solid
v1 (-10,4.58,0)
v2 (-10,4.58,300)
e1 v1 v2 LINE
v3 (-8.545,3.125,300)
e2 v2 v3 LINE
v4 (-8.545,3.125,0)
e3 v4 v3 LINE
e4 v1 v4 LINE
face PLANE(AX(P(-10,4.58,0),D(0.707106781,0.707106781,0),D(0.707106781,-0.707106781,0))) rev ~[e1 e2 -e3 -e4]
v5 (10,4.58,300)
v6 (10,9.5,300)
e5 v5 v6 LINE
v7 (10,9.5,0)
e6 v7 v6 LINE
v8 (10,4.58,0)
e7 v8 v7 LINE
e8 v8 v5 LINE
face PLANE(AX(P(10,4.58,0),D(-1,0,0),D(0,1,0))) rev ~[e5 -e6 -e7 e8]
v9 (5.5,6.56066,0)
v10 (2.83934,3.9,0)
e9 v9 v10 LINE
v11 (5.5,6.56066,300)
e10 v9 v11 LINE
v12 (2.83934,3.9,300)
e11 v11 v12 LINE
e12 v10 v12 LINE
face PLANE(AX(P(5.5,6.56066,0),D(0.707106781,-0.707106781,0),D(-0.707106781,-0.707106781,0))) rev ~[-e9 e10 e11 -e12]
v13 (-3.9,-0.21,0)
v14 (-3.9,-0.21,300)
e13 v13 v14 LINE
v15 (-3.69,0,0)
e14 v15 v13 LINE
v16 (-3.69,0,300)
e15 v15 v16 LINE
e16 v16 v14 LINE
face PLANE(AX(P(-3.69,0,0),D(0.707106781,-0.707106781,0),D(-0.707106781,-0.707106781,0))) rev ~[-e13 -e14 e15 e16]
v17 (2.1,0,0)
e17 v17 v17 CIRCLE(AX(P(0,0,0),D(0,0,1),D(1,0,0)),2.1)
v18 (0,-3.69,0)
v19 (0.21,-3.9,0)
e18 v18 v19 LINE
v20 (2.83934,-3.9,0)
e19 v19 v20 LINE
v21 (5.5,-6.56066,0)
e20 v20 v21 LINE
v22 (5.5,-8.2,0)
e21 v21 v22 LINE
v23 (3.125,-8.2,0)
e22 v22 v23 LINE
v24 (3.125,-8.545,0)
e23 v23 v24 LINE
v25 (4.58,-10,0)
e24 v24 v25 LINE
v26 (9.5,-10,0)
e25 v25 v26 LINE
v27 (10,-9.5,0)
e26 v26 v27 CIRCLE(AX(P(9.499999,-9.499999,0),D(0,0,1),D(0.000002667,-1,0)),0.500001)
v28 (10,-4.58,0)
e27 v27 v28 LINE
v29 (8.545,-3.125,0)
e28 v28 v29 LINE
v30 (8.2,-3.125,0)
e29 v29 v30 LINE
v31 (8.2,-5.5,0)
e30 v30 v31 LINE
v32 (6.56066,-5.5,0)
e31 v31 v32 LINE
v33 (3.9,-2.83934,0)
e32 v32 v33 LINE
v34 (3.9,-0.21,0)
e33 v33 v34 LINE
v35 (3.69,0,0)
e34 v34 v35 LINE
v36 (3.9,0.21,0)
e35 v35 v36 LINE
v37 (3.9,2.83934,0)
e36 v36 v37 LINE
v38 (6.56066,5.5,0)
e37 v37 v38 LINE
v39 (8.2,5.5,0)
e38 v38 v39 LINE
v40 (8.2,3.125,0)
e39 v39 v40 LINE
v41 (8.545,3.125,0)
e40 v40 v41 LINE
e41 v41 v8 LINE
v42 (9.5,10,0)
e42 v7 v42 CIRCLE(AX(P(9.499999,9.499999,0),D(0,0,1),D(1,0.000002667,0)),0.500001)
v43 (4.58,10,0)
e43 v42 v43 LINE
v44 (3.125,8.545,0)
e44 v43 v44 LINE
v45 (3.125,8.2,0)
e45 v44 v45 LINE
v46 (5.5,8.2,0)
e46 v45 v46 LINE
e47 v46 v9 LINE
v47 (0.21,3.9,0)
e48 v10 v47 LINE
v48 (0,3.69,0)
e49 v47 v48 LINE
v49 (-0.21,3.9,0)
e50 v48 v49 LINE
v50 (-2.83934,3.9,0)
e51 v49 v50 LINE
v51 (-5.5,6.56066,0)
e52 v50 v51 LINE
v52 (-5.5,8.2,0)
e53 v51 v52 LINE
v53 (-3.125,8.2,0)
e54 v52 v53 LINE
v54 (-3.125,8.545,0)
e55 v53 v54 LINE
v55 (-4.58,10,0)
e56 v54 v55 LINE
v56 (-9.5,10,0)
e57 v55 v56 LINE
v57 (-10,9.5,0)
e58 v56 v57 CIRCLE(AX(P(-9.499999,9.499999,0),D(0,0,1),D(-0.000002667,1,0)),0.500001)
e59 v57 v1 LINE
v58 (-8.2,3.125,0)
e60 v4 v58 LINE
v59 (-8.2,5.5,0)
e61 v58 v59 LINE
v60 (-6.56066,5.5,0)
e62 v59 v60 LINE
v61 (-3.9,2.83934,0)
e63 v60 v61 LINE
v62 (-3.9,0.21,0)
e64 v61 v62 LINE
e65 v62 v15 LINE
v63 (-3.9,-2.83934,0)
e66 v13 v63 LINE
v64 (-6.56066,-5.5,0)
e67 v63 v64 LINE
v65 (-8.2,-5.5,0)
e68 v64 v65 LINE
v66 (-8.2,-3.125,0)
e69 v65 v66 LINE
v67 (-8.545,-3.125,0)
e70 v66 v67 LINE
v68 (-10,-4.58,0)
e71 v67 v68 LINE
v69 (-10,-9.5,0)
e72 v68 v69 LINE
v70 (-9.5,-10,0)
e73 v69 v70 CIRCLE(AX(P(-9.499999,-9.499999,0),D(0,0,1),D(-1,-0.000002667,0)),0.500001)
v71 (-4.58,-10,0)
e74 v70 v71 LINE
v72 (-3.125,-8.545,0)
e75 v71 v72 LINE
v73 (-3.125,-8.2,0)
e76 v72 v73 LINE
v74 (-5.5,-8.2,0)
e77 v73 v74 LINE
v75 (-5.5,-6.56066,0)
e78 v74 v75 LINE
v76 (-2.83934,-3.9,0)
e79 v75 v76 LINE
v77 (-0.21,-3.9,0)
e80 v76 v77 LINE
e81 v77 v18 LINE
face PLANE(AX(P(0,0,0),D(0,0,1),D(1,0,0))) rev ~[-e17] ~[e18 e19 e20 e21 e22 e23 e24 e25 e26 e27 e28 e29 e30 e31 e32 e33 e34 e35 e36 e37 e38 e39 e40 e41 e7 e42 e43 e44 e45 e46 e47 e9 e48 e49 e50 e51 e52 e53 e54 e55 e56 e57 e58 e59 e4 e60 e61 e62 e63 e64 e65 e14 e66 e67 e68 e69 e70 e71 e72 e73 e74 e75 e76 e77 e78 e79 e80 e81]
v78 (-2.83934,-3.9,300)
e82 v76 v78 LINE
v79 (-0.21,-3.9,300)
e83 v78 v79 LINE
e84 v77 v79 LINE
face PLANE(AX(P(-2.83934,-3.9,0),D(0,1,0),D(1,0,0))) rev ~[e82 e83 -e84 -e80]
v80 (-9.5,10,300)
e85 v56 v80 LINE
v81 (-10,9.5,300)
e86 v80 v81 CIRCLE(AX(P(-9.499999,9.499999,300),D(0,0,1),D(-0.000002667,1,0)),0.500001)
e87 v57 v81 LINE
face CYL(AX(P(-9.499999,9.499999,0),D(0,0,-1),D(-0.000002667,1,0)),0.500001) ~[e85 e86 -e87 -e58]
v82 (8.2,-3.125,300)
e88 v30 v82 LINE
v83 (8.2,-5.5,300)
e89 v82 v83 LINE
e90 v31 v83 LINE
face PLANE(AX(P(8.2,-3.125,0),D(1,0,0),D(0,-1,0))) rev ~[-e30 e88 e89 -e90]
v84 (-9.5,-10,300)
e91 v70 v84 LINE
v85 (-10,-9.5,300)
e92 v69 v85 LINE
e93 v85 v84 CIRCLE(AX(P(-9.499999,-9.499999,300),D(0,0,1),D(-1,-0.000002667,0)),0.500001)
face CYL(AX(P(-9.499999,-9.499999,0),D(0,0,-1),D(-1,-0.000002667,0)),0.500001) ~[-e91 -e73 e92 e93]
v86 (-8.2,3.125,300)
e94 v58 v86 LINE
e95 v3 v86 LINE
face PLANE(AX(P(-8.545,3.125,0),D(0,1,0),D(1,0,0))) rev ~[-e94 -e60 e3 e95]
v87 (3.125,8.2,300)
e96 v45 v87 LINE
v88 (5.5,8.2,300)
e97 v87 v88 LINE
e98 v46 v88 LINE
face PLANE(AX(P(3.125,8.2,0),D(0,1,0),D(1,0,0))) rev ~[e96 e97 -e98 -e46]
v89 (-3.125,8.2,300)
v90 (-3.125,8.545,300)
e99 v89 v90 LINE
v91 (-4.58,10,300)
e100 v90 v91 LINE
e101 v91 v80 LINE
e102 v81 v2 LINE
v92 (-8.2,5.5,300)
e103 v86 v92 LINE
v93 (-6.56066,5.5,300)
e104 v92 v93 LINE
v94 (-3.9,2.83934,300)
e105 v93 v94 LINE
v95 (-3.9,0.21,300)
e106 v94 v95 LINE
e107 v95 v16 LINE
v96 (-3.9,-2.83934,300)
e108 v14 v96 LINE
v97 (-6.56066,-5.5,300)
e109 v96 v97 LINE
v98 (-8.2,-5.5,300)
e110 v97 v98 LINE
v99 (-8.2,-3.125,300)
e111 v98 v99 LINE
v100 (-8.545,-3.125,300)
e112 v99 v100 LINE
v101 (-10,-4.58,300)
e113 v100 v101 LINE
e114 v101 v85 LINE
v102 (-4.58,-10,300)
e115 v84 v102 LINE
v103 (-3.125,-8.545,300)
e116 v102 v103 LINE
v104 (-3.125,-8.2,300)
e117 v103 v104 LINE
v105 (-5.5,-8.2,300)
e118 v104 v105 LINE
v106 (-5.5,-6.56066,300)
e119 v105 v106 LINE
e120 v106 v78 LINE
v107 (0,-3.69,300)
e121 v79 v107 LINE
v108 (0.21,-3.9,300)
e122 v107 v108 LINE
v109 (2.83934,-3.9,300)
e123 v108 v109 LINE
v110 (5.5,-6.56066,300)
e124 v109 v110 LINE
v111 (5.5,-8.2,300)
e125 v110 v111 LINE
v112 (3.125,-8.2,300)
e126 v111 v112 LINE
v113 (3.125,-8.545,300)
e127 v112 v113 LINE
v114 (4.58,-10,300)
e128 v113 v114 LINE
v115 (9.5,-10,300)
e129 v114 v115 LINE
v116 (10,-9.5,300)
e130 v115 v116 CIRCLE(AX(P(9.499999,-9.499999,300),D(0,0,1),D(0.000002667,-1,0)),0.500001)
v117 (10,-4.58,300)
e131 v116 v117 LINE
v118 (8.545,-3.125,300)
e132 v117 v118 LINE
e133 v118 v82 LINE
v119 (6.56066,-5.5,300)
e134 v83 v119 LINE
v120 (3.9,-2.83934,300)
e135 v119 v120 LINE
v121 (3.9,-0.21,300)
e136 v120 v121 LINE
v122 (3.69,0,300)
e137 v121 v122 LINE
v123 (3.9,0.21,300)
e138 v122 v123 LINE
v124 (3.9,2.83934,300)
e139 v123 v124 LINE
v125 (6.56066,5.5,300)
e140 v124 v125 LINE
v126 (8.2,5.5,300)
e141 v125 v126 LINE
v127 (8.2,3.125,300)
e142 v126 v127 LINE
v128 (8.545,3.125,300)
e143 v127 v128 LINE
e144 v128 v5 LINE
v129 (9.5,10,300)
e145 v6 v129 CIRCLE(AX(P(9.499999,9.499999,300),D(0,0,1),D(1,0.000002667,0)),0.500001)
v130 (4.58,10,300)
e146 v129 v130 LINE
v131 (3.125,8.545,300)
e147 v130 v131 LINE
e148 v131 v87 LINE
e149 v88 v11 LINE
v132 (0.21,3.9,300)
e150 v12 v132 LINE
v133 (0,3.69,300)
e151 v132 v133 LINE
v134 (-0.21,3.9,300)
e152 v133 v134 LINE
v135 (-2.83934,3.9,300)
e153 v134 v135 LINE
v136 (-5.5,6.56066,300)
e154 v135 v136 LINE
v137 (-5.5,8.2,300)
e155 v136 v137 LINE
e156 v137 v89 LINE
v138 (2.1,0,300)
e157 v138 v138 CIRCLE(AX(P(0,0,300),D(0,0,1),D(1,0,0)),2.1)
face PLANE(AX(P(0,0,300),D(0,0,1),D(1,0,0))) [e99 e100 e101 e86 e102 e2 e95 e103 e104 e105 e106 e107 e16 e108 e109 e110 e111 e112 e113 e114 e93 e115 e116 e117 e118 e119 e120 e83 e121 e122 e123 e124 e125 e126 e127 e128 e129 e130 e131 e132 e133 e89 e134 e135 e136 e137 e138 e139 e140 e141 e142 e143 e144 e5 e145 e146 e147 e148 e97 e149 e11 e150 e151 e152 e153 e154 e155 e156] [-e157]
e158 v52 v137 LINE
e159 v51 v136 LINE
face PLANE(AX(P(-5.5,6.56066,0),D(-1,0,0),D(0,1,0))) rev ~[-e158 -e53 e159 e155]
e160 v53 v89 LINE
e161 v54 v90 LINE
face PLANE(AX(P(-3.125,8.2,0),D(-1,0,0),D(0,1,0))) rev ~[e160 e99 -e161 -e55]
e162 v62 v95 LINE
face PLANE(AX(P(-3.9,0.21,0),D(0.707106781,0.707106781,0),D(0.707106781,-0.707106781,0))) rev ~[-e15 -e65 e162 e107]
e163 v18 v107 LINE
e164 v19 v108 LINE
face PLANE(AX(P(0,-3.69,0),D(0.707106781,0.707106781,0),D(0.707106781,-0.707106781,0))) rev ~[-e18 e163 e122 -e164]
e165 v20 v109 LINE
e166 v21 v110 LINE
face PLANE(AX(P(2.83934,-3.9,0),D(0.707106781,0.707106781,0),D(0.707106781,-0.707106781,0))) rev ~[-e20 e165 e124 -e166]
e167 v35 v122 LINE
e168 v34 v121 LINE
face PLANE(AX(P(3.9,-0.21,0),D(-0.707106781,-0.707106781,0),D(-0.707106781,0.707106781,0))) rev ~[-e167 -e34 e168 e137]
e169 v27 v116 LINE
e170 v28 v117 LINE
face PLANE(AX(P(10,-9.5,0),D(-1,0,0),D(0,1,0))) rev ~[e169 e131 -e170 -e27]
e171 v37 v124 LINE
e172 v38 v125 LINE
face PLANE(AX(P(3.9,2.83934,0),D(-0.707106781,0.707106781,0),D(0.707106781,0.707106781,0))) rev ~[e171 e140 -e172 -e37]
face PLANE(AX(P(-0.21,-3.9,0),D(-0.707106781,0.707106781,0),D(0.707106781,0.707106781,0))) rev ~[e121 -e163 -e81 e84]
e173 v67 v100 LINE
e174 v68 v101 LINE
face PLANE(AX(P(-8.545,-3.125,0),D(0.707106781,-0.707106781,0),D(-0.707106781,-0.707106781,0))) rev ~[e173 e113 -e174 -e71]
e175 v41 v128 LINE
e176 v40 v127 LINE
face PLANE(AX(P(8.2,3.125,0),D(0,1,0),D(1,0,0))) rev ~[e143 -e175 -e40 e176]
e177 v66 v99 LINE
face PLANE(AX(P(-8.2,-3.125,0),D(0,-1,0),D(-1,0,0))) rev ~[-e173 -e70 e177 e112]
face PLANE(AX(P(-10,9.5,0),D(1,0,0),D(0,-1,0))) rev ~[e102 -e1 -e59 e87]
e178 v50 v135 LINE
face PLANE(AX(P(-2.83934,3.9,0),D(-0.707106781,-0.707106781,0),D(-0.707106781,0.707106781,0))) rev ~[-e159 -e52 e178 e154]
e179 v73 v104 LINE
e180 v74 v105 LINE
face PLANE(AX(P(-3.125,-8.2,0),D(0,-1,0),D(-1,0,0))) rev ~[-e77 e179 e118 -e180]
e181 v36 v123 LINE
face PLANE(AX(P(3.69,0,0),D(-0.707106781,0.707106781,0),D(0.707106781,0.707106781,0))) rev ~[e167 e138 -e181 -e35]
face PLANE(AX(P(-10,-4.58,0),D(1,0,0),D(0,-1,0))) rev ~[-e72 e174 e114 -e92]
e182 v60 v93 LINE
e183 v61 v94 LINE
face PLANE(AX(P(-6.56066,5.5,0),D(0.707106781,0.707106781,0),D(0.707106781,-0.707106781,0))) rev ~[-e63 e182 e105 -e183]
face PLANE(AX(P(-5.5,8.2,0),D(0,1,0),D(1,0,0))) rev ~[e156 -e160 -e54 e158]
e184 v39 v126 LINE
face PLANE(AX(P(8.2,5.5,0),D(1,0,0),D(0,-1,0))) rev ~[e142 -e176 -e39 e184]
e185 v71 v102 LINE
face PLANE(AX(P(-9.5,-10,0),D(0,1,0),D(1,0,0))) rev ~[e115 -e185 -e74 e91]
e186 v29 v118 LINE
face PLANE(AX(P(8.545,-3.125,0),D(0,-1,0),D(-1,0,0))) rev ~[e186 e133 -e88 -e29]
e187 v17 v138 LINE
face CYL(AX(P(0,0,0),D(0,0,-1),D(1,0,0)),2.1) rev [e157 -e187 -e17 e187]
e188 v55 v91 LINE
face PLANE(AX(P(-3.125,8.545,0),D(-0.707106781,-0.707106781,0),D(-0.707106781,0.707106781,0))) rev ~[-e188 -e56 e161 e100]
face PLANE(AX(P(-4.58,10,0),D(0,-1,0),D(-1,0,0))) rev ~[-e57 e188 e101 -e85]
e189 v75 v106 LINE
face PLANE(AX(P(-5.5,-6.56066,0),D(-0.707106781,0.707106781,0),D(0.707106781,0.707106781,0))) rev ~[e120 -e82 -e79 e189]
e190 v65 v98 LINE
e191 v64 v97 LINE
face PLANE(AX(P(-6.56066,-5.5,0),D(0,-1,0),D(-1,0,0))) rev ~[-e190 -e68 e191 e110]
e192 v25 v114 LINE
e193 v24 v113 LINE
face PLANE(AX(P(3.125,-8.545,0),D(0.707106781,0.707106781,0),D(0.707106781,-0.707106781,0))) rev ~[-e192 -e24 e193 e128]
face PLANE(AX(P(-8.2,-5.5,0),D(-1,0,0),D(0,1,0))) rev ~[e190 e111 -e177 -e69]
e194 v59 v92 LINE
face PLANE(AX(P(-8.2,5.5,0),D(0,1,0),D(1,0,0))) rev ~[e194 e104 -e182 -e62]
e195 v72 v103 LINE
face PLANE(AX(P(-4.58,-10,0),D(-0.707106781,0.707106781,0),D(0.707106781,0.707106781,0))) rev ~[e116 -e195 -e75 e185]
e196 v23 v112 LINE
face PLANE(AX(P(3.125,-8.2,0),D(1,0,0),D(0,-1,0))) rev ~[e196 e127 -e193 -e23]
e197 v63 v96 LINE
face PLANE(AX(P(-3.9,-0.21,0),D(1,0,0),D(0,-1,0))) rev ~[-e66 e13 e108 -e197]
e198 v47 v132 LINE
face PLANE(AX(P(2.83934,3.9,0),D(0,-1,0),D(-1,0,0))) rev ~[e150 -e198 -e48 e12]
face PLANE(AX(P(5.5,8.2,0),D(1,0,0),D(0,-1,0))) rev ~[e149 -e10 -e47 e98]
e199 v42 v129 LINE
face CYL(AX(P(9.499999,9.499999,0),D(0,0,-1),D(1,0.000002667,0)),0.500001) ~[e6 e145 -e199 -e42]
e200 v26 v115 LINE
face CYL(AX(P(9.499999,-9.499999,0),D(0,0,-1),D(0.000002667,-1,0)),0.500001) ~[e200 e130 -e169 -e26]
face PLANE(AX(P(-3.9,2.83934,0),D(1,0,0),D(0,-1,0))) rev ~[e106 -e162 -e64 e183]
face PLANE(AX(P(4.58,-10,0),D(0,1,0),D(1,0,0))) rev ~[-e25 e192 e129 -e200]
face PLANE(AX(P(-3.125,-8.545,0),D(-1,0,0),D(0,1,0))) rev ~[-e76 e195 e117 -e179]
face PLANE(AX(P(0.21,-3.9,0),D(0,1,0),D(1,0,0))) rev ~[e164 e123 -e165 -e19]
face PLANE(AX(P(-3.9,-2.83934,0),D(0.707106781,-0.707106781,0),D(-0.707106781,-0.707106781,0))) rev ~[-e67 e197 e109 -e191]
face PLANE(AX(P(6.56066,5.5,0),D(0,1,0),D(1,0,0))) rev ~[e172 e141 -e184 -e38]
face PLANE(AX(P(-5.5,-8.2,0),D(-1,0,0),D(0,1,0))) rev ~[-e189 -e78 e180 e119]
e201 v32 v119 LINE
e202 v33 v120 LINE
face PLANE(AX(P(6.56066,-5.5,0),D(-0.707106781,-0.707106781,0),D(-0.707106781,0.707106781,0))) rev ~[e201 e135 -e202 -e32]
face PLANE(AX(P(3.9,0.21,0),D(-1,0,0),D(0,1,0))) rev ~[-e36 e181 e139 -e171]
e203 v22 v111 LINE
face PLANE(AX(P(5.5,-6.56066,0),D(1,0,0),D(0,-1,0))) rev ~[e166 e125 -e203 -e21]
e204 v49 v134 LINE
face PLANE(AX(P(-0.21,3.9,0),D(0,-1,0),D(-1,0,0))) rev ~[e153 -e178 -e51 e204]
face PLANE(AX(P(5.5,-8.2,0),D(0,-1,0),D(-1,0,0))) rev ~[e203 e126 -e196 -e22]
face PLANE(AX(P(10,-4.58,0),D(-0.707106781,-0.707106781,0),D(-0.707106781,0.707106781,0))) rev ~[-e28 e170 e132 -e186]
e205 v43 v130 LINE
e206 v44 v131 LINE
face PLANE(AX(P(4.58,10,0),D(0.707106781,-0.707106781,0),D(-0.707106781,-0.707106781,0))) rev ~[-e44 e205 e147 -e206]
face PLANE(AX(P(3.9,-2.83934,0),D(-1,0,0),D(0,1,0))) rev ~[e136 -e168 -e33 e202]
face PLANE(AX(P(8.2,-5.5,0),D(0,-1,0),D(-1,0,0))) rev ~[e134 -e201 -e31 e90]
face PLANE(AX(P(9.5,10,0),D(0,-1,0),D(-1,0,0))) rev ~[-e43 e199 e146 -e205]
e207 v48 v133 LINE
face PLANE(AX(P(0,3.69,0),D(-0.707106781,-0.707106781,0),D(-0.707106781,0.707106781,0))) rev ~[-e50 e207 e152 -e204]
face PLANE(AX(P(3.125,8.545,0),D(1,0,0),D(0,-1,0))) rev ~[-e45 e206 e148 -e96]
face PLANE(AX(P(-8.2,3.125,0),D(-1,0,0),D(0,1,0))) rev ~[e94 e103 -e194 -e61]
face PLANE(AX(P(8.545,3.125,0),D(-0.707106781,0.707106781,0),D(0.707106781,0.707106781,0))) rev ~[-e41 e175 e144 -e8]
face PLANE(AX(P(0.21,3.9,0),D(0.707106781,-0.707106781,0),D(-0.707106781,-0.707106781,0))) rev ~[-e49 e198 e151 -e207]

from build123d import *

# Parameters (mm, degrees)
F0_R     = 2.1
F2_DEPTH = 300


with BuildPart() as f2:
    # F0 (on Top) → F2 (new body)
    with BuildSketch(Plane.XY):
        with BuildLine():
            Line((-4.58, 10), (-9.5, 10))
            ThreePointArc((-9.5, 10), (-9.853553, 9.853553), (-10, 9.5))
            Line((-10, 9.5), (-10, 4.58))
            Line((-10, 4.58), (-8.545, 3.125))
            Line((-8.545, 3.125), (-8.2, 3.125))
            Line((-8.2, 3.125), (-8.2, 5.5))
            Line((-8.2, 5.5), (-6.56066, 5.5))
            Line((-6.56066, 5.5), (-3.9, 2.83934))
            Line((-3.9, 2.83934), (-3.9, 0.21))
            Line((-3.9, 0.21), (-3.69, 0))
            Line((-3.69, 0), (-3.9, -0.21))
            Line((-3.9, -0.21), (-3.9, -2.83934))
            Line((-3.9, -2.83934), (-6.56066, -5.5))
            Line((-6.56066, -5.5), (-8.2, -5.5))
            Line((-8.2, -5.5), (-8.2, -3.125))
            Line((-8.2, -3.125), (-8.545, -3.125))
            Line((-8.545, -3.125), (-10, -4.58))
            Line((-10, -4.58), (-10, -9.5))
            ThreePointArc((-10, -9.5), (-9.853553, -9.853553), (-9.5, -10))
            Line((-9.5, -10), (-4.58, -10))
            Line((-4.58, -10), (-3.125, -8.545))
            Line((-3.125, -8.545), (-3.125, -8.2))
            Line((-3.125, -8.2), (-5.5, -8.2))
            Line((-5.5, -8.2), (-5.5, -6.56066))
            Line((-5.5, -6.56066), (-2.83934, -3.9))
            Line((-2.83934, -3.9), (-0.21, -3.9))
            Line((-0.21, -3.9), (0, -3.69))
            Line((0, -3.69), (0.21, -3.9))
            Line((0.21, -3.9), (2.83934, -3.9))
            Line((2.83934, -3.9), (5.5, -6.56066))
            Line((5.5, -6.56066), (5.5, -8.2))
            Line((5.5, -8.2), (3.125, -8.2))
            Line((3.125, -8.2), (3.125, -8.545))
            Line((3.125, -8.545), (4.58, -10))
            Line((4.58, -10), (9.5, -10))
            ThreePointArc((9.5, -10), (9.853553, -9.853553), (10, -9.5))
            Line((10, -9.5), (10, -4.58))
            Line((10, -4.58), (8.545, -3.125))
            Line((8.545, -3.125), (8.2, -3.125))
            Line((8.2, -3.125), (8.2, -5.5))
            Line((8.2, -5.5), (6.56066, -5.5))
            Line((6.56066, -5.5), (3.9, -2.83934))
            Line((3.9, -2.83934), (3.9, -0.21))
            Line((3.9, -0.21), (3.69, 0))
            Line((3.69, 0), (3.9, 0.21))
            Line((3.9, 0.21), (3.9, 2.83934))
            Line((3.9, 2.83934), (6.56066, 5.5))
            Line((6.56066, 5.5), (8.2, 5.5))
            Line((8.2, 5.5), (8.2, 3.125))
            Line((8.2, 3.125), (8.545, 3.125))
            Line((8.545, 3.125), (10, 4.58))
            Line((10, 4.58), (10, 9.5))
            ThreePointArc((10, 9.5), (9.853553, 9.853553), (9.5, 10))
            Line((9.5, 10), (4.58, 10))
            Line((4.58, 10), (3.125, 8.545))
            Line((3.125, 8.545), (3.125, 8.2))
            Line((3.125, 8.2), (5.5, 8.2))
            Line((5.5, 8.2), (5.5, 6.56066))
            Line((5.5, 6.56066), (2.83934, 3.9))
            Line((2.83934, 3.9), (0.21, 3.9))
            Line((0.21, 3.9), (0, 3.69))
            Line((0, 3.69), (-0.21, 3.9))
            Line((-0.21, 3.9), (-2.83934, 3.9))
            Line((-2.83934, 3.9), (-5.5, 6.56066))
            Line((-5.5, 6.56066), (-5.5, 8.2))
            Line((-5.5, 8.2), (-3.125, 8.2))
            Line((-3.125, 8.2), (-3.125, 8.545))
            Line((-3.125, 8.545), (-4.58, 10))
        make_face()
        Circle(F0_R, mode=Mode.SUBTRACT)
    extrude(amount=F2_DEPTH)


solid = f2.part
